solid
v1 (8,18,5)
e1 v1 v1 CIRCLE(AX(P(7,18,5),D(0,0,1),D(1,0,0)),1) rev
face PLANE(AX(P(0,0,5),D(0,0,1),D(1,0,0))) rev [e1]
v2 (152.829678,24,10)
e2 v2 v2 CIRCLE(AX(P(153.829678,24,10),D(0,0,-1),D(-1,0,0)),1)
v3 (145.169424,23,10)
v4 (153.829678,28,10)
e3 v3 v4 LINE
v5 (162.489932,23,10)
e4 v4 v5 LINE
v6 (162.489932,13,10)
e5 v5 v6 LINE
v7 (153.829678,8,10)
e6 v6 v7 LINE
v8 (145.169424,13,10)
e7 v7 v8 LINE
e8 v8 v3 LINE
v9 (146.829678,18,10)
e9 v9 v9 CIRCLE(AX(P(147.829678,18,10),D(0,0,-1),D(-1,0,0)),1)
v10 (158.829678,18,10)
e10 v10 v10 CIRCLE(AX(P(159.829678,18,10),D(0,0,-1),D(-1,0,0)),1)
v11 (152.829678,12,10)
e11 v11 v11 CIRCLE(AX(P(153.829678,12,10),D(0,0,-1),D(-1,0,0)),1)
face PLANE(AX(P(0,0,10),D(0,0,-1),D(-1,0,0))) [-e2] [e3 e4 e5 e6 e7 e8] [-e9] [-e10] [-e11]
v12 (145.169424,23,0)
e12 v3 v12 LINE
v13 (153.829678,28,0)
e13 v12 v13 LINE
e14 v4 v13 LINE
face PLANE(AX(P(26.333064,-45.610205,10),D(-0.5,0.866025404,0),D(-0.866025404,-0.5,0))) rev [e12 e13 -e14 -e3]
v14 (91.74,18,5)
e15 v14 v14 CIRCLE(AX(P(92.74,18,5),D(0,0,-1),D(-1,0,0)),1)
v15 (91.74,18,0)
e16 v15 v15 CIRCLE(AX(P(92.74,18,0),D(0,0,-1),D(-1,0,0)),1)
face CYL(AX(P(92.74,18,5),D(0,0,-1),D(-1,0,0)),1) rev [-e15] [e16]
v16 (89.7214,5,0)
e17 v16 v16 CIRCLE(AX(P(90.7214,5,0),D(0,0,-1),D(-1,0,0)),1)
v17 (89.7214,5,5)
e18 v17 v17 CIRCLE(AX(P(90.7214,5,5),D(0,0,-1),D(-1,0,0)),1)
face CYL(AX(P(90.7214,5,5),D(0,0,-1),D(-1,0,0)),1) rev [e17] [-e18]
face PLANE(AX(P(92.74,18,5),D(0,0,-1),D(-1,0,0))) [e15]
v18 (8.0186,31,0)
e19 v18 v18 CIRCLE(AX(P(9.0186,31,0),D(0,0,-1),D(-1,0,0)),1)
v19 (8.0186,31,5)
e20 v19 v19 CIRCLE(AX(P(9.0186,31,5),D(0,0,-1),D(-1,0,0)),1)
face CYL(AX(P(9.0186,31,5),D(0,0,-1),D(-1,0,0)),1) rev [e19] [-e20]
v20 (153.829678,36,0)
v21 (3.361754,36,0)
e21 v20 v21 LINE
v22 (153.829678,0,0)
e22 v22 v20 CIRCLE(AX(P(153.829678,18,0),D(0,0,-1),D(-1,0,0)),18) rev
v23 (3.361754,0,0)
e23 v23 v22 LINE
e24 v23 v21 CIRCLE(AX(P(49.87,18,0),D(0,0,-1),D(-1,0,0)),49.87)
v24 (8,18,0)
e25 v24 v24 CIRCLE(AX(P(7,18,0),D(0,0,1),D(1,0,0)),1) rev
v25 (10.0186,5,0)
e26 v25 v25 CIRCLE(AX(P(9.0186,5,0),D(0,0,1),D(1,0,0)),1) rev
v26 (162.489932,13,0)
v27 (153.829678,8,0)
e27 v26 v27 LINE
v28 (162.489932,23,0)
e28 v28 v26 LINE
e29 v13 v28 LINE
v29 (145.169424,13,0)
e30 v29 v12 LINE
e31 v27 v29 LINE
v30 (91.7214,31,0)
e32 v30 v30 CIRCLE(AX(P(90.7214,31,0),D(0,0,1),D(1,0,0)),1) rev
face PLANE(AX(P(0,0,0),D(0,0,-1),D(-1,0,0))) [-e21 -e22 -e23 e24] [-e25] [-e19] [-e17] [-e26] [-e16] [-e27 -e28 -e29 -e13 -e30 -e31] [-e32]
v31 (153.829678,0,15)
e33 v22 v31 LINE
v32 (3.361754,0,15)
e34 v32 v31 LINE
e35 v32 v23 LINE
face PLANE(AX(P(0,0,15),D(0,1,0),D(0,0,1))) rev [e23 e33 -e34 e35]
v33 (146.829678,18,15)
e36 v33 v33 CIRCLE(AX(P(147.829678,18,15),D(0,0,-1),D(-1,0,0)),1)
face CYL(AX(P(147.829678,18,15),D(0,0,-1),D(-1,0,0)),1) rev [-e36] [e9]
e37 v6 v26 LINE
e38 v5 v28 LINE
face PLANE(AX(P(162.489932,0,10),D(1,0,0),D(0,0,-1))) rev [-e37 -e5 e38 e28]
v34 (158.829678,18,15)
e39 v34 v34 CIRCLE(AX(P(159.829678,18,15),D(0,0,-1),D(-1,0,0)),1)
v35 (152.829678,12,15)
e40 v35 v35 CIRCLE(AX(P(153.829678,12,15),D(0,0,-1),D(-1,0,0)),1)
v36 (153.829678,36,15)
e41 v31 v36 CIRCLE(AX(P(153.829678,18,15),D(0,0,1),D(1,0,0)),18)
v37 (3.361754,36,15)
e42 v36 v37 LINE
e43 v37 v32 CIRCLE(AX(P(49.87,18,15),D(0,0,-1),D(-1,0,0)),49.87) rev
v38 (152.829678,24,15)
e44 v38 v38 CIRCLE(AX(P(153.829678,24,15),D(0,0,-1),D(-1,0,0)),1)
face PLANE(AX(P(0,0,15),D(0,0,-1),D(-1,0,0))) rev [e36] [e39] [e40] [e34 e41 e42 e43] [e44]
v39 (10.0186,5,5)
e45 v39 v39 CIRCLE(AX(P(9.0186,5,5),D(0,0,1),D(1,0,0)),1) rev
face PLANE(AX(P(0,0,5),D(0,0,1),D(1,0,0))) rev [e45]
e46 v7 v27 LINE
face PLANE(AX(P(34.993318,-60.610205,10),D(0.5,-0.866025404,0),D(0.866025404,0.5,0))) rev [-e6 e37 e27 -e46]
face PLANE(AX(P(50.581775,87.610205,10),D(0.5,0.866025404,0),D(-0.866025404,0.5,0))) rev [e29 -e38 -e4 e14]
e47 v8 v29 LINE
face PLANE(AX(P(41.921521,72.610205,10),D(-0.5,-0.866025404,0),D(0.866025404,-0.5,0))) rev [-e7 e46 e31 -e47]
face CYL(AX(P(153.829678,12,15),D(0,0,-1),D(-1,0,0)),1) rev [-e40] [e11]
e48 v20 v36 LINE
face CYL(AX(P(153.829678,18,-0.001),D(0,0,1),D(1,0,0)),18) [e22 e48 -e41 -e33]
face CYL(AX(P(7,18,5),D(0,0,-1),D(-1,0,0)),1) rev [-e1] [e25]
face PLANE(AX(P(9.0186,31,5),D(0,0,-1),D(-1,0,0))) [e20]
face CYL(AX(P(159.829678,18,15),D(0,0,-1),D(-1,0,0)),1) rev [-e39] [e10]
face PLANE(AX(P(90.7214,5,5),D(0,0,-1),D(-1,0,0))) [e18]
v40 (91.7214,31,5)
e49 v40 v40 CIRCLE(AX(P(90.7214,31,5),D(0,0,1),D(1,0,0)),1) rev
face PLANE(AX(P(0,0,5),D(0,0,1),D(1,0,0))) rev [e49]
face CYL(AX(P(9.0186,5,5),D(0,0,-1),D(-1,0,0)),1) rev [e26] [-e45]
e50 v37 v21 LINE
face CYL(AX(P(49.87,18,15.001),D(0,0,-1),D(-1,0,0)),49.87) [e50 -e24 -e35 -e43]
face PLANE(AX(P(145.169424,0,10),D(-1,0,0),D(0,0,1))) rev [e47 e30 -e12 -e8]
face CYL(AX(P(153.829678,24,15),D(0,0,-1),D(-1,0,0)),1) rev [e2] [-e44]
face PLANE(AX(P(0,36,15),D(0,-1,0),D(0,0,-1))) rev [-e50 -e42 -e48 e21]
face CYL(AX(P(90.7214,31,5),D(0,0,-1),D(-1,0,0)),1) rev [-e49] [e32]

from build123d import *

# Parameters (mm, degrees)
SKETCH_1_W          = 300
SKETCH_1_H          = 36
EXTRUDE_1_DEPTH     = 15
SKETCH_2_R          = 1
CUT_EXTRUDE_2_DEPTH = 5
CUT_EXTRUDE_3_DEPTH = 10
CUT_EXTRUDE_4_REACH = 304.524
SKETCH_5_R          = 1
CUT_EXTRUDE_5_DEPTH = 5
CUT_EXTRUDE_6_REACH = 178.2


with BuildPart() as part:
    # 草图1 → 凸台-拉伸1 (new body)
    with BuildSketch(Plane.XY):
        with Locations((150, 18)):
            Rectangle(SKETCH_1_W, SKETCH_1_H)
    extrude(amount=EXTRUDE_1_DEPTH)

    # 草图2 → 切除-拉伸2 (cut)
    with BuildSketch(Plane.XY):
        with Locations((9.018599779, 31)):
            Circle(SKETCH_2_R)
        with Locations((9.018599779, 5)):
            Circle(SKETCH_2_R)
        with Locations((7, 18)):
            Circle(SKETCH_2_R)
        with Locations((90.721400221, 5)):
            Circle(SKETCH_2_R)
        with Locations((90.721400221, 31)):
            Circle(SKETCH_2_R)
        with Locations((92.74, 18)):
            Circle(SKETCH_2_R)
    extrude(amount=CUT_EXTRUDE_2_DEPTH, mode=Mode.SUBTRACT)

    # 草图3 → 切除-拉伸3 (cut)
    with BuildSketch(Plane(origin=(0, 0, 0), x_dir=(-1, 0, 0), z_dir=(0, 0, -1))):
        Polygon((-145.169424203, 23), (-153.829678241, 28), (-162.489932279, 23), (-162.489932279, 13), (-153.829678241, 8), (-145.169424203, 13), align=None)
    extrude(amount=-CUT_EXTRUDE_3_DEPTH, mode=Mode.SUBTRACT)

    # 草图4 → 切除-拉伸4 (cut, up to next)
    with BuildSketch(Plane.XY.offset(15), mode=Mode.PRIVATE) as cut_extrude_4_sk1:
        with BuildLine():
            Line((300, 36), (153.829678241, 36))
            ThreePointArc((153.829678241, 36), (171.829678241, 18), (153.829678241, 0))
            Line((153.829678241, 0), (300, 0))
            Line((300, 0), (300, 36))
        make_face()
    cut_extrude_4_tool1 = extrude(cut_extrude_4_sk1.sketch, amount=-CUT_EXTRUDE_4_REACH, mode=Mode.PRIVATE) & part.part
    add(cut_extrude_4_tool1.solids().sort_by_distance((233.9223, 18, 15))[0], mode=Mode.SUBTRACT)

    # 草图5 → 切除-拉伸5 (cut)
    with BuildSketch(Plane(origin=(0, 0, 10), x_dir=(-1, 0, 0), z_dir=(0, 0, -1))):
        with Locations((-153.829678241, 24)):
            Circle(SKETCH_5_R)
        with Locations((-147.829678241, 18)):
            Circle(SKETCH_5_R)
        with Locations((-159.829678241, 18)):
            Circle(SKETCH_5_R)
        with Locations((-153.829678241, 12)):
            Circle(SKETCH_5_R)
    extrude(amount=-CUT_EXTRUDE_5_DEPTH, mode=Mode.SUBTRACT)

    # 草图6 → 切除-拉伸6 (cut, up to next)
    with BuildSketch(Plane(origin=(0, 0, 0), x_dir=(-1, 0, 0), z_dir=(0, 0, -1)), mode=Mode.PRIVATE) as cut_extrude_6_sk1:
        with BuildLine():
            ThreePointArc((0, 18), (-0.847642328, 8.844381598), (-3.361754494, 0))
            Line((-3.361754494, 0), (0, 0))
            Line((0, 0), (0, 18))
        make_face()
    cut_extrude_6_tool1 = extrude(cut_extrude_6_sk1.sketch, amount=-CUT_EXTRUDE_6_REACH, mode=Mode.PRIVATE) & part.part
    # 草图6 → 切除-拉伸6 (cut, up to next)
    with BuildSketch(Plane(origin=(0, 0, 0), x_dir=(-1, 0, 0), z_dir=(0, 0, -1)), mode=Mode.PRIVATE) as cut_extrude_6_sk2:
        with BuildLine():
            ThreePointArc((-3.361754494, 36), (-0.847642328, 27.155618402), (0, 18))
            Line((0, 18), (0, 36))
            Line((0, 36), (-3.361754494, 36))
        make_face()
    cut_extrude_6_tool2 = extrude(cut_extrude_6_sk2.sketch, amount=-CUT_EXTRUDE_6_REACH, mode=Mode.PRIVATE) & part.part
    add(cut_extrude_6_tool1.solids().sort_by_distance((1.002419, 4.469106, 0))[0], mode=Mode.SUBTRACT)
    add(cut_extrude_6_tool2.solids().sort_by_distance((1.002419, 31.530894, 0))[0], mode=Mode.SUBTRACT)


solid = part.part
